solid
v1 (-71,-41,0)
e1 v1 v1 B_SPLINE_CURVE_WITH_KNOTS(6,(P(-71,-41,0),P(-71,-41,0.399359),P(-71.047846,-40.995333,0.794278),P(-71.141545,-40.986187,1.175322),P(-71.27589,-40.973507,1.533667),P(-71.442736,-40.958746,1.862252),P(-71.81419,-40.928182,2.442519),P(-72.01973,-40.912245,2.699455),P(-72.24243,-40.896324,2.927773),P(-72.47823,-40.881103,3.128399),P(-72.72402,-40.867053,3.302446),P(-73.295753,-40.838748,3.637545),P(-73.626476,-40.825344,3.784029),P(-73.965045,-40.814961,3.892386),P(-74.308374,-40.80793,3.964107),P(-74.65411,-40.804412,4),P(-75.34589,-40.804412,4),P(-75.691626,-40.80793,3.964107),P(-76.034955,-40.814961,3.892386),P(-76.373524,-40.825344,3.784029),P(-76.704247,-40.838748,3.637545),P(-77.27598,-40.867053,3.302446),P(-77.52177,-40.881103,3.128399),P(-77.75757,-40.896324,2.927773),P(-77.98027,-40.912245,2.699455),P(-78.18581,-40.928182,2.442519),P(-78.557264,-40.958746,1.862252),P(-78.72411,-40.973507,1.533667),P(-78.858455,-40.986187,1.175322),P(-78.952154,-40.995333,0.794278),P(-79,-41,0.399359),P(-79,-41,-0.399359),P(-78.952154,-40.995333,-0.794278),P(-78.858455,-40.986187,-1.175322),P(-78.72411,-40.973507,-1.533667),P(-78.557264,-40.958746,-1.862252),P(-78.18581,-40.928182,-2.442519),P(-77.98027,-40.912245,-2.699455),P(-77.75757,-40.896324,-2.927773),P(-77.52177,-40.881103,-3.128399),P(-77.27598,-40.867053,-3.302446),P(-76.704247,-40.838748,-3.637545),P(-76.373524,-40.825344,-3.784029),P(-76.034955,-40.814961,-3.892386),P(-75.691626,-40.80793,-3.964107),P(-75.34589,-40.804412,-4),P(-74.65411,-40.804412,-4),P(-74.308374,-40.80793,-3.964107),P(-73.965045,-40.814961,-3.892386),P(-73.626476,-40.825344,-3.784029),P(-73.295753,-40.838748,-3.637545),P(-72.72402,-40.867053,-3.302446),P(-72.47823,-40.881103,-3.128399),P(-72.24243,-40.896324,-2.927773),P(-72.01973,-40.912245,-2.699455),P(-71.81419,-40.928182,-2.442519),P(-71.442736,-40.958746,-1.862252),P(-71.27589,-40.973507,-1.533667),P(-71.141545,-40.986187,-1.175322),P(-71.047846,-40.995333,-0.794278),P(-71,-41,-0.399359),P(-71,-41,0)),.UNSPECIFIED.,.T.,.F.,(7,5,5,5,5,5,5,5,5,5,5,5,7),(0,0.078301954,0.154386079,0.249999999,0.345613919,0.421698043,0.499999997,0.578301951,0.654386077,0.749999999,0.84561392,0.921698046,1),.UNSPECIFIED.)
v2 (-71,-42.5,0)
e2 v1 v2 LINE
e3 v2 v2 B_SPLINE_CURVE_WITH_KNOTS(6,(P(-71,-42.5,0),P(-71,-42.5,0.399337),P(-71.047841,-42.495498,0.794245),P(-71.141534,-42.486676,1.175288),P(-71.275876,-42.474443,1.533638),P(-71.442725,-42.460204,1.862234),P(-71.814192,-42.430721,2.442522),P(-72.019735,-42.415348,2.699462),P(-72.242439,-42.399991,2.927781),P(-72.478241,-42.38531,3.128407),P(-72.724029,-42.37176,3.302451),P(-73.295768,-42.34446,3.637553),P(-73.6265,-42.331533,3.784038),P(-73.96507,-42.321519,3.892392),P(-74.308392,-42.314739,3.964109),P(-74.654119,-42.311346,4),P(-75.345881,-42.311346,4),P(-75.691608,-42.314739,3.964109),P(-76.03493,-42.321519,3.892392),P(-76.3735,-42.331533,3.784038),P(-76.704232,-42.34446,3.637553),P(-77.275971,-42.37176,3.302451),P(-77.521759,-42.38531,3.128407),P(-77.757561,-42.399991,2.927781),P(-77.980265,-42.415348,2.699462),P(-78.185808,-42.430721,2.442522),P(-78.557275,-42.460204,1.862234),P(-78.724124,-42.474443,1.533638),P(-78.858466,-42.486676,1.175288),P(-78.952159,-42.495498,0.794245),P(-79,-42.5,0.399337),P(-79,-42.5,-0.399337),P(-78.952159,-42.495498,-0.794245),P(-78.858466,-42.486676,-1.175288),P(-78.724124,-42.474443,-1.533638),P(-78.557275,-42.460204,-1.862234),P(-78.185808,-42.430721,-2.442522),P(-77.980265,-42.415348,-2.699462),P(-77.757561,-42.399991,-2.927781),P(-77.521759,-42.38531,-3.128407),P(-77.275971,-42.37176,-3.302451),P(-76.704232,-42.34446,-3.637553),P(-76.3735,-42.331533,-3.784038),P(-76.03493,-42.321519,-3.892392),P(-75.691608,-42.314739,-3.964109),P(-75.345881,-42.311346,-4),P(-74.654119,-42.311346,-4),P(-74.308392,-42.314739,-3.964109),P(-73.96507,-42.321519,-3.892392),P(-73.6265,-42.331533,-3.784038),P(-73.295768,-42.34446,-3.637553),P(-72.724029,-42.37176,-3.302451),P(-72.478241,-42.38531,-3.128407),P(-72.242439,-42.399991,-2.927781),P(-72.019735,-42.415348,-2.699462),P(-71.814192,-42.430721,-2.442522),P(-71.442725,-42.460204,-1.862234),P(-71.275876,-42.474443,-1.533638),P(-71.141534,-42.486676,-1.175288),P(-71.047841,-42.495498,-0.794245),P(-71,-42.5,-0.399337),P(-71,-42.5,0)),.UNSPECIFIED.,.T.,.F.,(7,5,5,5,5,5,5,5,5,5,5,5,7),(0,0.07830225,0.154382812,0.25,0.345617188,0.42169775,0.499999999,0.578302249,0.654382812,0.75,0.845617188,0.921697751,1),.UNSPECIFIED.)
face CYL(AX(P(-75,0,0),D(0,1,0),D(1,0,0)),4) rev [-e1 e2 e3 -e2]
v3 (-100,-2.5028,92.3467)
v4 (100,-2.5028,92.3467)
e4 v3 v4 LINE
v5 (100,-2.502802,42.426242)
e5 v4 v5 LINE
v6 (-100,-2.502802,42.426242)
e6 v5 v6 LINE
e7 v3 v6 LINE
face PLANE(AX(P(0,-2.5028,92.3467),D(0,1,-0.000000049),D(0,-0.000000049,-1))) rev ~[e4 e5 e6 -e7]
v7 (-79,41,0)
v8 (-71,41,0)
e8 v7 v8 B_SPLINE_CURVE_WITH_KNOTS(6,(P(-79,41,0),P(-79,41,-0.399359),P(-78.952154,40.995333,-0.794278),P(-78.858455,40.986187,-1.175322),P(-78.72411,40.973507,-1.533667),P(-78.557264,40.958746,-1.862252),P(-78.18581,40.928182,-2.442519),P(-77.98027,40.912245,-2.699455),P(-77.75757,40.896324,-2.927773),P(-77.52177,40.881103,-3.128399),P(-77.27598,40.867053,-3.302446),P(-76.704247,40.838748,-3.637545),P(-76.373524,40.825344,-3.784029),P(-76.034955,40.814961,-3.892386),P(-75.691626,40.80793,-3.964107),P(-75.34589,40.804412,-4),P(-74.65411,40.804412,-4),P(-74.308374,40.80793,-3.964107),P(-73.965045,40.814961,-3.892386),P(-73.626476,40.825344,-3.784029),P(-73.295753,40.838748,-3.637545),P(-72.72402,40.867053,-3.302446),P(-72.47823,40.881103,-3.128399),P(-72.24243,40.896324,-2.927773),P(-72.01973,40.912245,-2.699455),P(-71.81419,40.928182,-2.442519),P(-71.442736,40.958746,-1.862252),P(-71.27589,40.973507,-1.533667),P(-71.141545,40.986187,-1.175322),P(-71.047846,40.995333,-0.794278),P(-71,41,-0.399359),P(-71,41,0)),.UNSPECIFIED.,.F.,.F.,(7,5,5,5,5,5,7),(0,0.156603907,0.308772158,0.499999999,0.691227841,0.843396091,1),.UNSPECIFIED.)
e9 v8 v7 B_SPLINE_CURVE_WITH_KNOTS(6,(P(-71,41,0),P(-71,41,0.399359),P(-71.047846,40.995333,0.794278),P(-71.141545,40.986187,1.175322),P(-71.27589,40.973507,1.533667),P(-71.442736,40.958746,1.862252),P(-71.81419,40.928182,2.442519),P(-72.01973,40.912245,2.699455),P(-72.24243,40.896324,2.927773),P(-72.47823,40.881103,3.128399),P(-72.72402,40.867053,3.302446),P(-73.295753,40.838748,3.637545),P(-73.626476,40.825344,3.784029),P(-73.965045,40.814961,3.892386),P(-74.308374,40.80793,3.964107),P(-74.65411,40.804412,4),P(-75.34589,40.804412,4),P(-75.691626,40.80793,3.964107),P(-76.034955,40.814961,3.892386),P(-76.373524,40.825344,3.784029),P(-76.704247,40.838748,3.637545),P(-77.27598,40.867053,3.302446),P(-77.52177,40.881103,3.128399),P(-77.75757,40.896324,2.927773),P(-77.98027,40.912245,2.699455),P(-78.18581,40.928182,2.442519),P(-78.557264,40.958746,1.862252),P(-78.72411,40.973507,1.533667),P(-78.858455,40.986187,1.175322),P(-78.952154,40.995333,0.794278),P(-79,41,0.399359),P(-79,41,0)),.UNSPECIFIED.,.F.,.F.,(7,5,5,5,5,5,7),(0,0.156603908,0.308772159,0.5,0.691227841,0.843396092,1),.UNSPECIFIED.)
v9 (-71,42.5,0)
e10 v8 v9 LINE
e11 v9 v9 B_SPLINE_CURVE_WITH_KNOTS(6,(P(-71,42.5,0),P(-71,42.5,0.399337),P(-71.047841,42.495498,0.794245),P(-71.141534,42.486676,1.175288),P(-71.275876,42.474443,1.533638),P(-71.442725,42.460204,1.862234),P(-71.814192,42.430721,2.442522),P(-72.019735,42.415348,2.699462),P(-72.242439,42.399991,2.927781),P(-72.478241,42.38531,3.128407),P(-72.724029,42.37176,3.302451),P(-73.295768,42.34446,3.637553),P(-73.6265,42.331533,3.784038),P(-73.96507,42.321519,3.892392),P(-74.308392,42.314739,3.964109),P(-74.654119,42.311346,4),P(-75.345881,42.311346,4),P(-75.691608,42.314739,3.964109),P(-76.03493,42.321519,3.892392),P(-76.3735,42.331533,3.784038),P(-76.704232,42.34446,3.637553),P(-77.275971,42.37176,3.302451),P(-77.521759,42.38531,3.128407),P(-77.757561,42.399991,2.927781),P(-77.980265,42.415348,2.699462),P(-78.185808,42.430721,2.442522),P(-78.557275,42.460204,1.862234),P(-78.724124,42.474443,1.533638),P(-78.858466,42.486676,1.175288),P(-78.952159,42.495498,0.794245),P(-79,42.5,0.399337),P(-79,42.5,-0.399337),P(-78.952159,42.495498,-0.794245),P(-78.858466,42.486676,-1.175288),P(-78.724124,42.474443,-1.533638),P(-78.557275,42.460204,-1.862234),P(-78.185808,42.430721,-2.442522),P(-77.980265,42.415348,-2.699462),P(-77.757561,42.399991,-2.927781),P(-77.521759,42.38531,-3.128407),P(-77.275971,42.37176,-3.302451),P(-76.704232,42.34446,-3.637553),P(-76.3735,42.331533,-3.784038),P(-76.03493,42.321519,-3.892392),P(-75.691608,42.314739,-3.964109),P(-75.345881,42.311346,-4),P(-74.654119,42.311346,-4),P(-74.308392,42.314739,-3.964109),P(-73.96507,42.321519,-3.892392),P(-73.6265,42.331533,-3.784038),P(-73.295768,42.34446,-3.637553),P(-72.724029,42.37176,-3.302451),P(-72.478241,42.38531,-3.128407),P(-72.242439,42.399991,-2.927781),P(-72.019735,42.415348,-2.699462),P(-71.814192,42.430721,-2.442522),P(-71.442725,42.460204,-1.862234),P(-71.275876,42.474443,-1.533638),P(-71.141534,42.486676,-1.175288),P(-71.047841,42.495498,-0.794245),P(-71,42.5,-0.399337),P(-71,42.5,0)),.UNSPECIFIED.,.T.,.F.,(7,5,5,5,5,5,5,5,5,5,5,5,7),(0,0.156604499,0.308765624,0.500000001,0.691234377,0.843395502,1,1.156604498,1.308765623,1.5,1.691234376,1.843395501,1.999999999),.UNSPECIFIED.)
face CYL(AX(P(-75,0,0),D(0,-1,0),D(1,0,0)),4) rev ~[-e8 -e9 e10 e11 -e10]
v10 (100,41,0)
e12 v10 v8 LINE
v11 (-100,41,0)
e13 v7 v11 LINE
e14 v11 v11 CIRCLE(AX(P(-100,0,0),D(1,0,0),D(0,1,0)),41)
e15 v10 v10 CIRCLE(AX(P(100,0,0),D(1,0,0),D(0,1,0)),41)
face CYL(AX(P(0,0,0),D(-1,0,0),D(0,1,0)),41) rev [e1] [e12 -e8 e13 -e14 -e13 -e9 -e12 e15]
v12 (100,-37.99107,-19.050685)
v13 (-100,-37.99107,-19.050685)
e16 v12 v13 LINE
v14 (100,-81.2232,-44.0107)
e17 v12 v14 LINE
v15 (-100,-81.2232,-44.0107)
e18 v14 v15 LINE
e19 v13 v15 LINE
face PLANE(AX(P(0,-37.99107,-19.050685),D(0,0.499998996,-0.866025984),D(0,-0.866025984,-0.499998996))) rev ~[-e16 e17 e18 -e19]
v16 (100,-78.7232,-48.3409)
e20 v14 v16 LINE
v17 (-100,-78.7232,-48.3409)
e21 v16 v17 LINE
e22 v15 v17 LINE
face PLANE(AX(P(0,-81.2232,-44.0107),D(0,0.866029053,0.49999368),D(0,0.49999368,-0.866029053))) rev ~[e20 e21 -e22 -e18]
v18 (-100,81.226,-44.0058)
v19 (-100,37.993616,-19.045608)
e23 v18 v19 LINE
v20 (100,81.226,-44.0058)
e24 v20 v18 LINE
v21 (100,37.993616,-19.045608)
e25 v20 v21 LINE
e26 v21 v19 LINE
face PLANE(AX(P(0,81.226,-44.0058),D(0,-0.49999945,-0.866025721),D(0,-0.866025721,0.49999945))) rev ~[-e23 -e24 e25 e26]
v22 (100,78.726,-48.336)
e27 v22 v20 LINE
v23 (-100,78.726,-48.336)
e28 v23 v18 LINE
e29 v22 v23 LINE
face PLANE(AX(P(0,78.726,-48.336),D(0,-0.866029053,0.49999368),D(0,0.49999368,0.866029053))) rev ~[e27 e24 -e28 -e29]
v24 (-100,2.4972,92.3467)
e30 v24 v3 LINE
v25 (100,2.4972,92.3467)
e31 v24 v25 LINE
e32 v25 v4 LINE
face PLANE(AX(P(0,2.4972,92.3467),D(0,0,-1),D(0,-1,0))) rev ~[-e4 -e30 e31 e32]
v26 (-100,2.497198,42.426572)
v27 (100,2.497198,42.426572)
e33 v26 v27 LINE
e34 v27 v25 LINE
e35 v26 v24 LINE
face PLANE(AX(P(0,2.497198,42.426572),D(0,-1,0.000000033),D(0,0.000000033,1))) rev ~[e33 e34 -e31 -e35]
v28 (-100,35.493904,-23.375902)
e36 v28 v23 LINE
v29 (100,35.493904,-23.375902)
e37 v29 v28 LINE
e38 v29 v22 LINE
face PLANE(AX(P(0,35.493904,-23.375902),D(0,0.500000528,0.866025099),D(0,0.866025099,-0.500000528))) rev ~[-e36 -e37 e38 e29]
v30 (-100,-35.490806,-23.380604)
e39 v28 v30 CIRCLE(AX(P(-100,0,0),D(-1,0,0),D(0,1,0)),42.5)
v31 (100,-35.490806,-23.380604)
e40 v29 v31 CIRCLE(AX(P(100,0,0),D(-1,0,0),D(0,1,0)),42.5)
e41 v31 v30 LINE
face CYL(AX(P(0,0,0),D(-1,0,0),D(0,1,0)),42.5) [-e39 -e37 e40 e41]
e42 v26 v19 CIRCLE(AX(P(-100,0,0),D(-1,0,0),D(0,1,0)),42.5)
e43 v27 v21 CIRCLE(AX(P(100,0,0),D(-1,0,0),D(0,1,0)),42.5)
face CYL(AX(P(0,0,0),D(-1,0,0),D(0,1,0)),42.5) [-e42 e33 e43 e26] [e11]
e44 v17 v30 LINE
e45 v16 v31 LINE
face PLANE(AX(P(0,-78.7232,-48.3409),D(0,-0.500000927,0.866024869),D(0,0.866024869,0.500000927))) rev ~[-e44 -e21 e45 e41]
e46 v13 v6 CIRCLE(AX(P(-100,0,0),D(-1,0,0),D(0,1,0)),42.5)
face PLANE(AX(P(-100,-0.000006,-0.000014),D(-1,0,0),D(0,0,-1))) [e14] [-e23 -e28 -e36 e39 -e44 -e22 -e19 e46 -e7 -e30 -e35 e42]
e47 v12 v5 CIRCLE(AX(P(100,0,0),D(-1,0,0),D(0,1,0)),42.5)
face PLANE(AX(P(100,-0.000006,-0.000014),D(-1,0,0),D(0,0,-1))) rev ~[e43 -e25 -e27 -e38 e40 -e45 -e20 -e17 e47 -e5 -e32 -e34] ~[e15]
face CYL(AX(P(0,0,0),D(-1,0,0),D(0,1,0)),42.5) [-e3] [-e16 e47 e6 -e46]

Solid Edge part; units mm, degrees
sketch "Sketch1" plane through (0, 0, 0) normal (1, 0, 0) x (0, 1, 0)
  arc A0 (2.4972, 42.4266) -> (37.9936, -19.0456) centre (0, 0) cw
  line L0 (81.226, -44.0058) -> (37.9936, -19.0456)
  line L1 (78.726, -48.336) -> (81.226, -44.0058)
  line L2 (35.4939, -23.3759) -> (78.726, -48.336)
  line L3 (-78.7232, -48.3409) -> (-35.4908, -23.3806)
  line L4 (-81.2232, -44.0107) -> (-78.7232, -48.3409)
  line L5 (-37.9911, -19.0507) -> (-81.2232, -44.0107)
  arc A1 (-37.9911, -19.0507) -> (-2.5028, 42.4262) centre (0, 0) cw
  line L6 (-2.5028, 92.3467) -> (-2.5028, 42.4262)
  line L7 (2.4972, 92.3467) -> (-2.5028, 92.3467)
  line L8 (2.4972, 42.4266) -> (2.4972, 92.3467)
  arc A2 (35.4939, -23.3759) -> (-35.4908, -23.3806) centre (0, 0) cw
extrude "Protrusion1" add sketch "Sketch1" along normal mid plane 200
sketch "Sketch2" plane through (0, 0, 0) normal (1, 0, 0) x (0, 1, 0)
  circle A0 centre (0, 0) radius 41
extrude "ExtrudedCutout_5" cut sketch "Sketch2" along normal mid plane 200
sketch "Sketch3" plane through (0, 0, 0) normal (0, -1, 0) x (1, 0, 0)
  circle A0 centre (-75, 0) radius 4
extrude "ExtrudedProtrusion_6" cut sketch "Sketch3" along normal mid plane 90
